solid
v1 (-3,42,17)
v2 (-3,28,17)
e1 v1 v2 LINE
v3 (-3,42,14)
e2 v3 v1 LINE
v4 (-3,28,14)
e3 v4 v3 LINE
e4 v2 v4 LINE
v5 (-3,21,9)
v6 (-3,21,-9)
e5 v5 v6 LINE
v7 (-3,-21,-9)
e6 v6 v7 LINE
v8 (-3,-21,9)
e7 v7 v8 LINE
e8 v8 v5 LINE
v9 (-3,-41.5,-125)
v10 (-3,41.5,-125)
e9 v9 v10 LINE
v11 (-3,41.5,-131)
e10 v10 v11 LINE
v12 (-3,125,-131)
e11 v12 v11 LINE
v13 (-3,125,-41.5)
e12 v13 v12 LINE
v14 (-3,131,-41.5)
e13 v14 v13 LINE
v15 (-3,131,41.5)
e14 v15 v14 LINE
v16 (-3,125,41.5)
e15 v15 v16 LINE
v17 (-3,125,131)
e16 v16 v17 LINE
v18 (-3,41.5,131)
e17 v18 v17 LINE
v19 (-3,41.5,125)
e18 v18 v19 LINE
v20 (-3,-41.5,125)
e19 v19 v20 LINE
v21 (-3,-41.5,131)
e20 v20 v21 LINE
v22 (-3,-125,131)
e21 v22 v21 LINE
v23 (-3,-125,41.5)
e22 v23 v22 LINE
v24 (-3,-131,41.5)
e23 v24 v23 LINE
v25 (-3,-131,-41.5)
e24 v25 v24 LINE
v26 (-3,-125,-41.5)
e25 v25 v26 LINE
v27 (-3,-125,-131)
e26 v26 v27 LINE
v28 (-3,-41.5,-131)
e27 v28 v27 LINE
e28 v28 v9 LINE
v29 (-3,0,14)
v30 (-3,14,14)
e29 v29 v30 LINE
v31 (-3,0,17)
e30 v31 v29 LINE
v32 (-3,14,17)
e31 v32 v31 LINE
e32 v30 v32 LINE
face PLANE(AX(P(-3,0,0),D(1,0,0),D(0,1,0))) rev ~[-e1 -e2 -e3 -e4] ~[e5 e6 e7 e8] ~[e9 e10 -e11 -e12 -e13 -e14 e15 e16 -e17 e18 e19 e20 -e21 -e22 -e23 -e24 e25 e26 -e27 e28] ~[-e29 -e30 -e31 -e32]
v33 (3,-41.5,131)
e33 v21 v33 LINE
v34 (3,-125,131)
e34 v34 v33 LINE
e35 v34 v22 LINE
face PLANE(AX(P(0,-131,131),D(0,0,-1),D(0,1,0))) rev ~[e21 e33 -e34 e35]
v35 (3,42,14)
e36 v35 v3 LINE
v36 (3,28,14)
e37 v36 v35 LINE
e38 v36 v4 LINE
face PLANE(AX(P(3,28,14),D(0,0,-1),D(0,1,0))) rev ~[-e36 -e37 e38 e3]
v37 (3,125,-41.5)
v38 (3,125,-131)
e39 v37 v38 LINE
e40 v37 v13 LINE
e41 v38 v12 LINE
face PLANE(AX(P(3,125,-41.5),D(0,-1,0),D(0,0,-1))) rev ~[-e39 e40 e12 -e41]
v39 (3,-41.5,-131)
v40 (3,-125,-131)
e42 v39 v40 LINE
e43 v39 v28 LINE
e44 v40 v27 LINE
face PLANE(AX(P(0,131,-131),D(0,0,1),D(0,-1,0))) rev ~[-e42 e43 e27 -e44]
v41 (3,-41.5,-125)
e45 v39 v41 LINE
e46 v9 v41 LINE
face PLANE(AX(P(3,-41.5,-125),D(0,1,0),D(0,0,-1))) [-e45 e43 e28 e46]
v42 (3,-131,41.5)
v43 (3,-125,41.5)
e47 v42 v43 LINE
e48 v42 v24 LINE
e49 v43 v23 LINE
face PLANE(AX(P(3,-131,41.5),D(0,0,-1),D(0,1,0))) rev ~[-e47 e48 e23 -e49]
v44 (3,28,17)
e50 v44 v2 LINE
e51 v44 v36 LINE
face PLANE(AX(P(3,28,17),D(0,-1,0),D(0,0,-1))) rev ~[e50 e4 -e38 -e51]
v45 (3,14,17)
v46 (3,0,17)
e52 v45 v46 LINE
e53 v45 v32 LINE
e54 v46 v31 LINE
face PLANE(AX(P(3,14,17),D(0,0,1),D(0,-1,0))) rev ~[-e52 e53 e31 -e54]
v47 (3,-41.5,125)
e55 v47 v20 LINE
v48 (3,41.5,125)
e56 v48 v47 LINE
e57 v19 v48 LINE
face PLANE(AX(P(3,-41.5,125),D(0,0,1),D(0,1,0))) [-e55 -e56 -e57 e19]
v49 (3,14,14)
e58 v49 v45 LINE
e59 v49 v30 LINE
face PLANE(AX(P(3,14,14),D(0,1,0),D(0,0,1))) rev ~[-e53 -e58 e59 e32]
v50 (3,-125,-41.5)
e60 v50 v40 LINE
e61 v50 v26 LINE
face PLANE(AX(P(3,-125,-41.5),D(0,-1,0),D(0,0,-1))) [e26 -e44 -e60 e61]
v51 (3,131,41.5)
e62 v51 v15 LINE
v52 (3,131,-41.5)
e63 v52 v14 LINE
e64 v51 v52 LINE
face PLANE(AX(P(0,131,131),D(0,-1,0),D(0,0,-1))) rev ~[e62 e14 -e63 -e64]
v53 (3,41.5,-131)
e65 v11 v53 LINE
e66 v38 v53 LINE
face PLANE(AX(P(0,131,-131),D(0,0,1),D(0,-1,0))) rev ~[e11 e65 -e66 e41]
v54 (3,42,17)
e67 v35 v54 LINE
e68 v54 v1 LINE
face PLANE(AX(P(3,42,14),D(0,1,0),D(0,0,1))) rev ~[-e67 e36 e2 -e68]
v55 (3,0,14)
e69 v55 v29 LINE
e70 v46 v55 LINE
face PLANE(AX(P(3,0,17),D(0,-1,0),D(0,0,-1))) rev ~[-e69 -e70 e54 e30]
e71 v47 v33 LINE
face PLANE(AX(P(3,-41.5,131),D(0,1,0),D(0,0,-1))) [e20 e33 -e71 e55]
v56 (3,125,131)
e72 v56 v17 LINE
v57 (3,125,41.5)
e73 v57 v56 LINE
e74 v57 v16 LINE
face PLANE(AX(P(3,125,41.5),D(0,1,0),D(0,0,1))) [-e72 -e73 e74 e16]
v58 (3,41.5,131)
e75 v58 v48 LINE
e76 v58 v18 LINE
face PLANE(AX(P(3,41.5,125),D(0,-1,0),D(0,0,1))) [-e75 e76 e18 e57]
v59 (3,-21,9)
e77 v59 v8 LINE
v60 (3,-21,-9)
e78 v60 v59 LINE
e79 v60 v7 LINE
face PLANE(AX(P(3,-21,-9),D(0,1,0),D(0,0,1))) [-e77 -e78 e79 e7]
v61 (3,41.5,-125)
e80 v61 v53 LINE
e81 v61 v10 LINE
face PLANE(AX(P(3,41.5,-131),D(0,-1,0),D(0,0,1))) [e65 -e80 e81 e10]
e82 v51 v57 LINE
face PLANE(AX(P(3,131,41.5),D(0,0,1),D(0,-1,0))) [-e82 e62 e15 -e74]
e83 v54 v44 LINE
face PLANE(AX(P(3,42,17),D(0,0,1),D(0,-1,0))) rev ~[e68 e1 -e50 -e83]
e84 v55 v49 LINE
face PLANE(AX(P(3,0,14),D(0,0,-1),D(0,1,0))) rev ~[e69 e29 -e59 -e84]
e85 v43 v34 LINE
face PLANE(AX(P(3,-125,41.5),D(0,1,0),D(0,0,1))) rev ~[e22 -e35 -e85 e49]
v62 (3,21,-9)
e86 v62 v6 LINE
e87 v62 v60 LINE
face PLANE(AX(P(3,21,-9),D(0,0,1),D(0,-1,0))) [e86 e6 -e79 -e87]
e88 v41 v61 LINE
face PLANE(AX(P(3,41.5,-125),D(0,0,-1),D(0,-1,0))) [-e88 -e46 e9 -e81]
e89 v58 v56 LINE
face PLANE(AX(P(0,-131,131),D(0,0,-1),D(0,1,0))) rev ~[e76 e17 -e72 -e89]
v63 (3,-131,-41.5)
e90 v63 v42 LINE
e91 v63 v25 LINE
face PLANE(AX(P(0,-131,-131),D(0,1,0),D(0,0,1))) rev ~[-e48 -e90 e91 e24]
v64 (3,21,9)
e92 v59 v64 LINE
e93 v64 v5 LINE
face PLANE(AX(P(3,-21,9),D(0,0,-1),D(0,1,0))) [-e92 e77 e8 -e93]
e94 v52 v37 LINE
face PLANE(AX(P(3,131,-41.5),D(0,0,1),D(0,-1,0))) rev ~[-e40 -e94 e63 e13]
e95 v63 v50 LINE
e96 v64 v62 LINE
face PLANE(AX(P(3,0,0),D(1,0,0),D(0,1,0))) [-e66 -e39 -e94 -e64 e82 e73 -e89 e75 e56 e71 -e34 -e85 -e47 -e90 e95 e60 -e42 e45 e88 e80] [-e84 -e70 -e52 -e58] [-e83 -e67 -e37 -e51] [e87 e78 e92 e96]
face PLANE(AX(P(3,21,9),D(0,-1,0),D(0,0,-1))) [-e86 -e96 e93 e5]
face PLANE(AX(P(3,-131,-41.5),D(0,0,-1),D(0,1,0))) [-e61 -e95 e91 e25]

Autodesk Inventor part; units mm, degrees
ref_plane "YZ Plane" through (0, 0, 0) normal (1, 0, 0) x (0, 1, 0)
ref_plane "XZ Plane" through (0, 0, 0) normal (0, 1, 0) x (-1, 0, 0)
ref_plane "XY Plane" through (0, 0, 0) normal (0, 0, 1) x (1, 0, 0)
sketch "Esboço1" plane through (0, 0, 0) normal (1, 0, 0) x (0, 1, 0)
  line L0 (-131, 131) -> (131, 131)
  line L1 (131, 131) -> (131, -131)
  line L2 (131, -131) -> (-131, -131)
  line L3 (-131, -131) -> (-131, 131)
  line L4 (-131, 131) -> (131, -131) construction
  line L5 (131, 131) -> (-131, -131) construction
  line L6 (-15, 9) -> (15, 9)
  line L7 (15, 9) -> (15, -9)
  line L8 (15, -9) -> (-15, -9)
  line L9 (-15, -9) -> (-15, 9)
  line L10 (-15, 9) -> (15, -9) construction
  line L11 (15, 9) -> (-15, -9) construction
  point P0 (0, 0)
  dimension "d0" = 262
  dimension "d1" = 262
  dimension "d35" = 30
  dimension "d36" = 18
extrude "Extrusão1" add sketch "Esboço1" along normal mid plane 6 contours L0 L1 L2 L3 | L6 L7 L8 L9
sketch "Esboço2" plane through (3, 0, 0) normal (1, 0, 0) x (0, 0, -1)
  line L0 (131, 131) -> (-131, 131) projected
  line L1 (-131, 131) -> (-41.5, 131)
  line L2 (-41.5, 131) -> (-41.5, 125)
  line L3 (-41.5, 125) -> (-131, 125)
  line L4 (-131, 125) -> (-131, 131)
  line L5 (131, 131) -> (41.5, 131)
  line L6 (41.5, 131) -> (41.5, 125)
  line L7 (41.5, 125) -> (131, 125)
  line L8 (131, 125) -> (131, 131)
  line L9 (-131, 131) -> (-131, -131) projected
  line L10 (-131, -131) -> (-41.5, -131)
  line L11 (-41.5, -131) -> (-41.5, -125)
  line L12 (-41.5, -125) -> (-131, -125)
  line L13 (-131, -125) -> (-131, -131)
  line L14 (131, -131) -> (131, 131) projected
  line L15 (131, -131) -> (41.5, -131)
  line L16 (41.5, -131) -> (41.5, -125)
  line L17 (41.5, -125) -> (131, -125)
  line L18 (131, -125) -> (131, -131)
  point P0 (0, 0)
  point P1 (131, -125)
  point P2 (-131, -125)
  point P3 (41.5, 131)
  dimension "d4" = 89.5
  dimension "d5" = 6
  dimension "d6" = 89.5
  dimension "d7" = 6
  dimension "d8" = 83
  dimension "d9" = 89.5
  dimension "d10" = 6
  dimension "d11" = 89.5
  dimension "d12" = 6
  dimension "d13" = 83
extrude "Extrusão2" cut sketch "Esboço2" along normal through all both and the other way through all
sketch "Esboço3" plane through (3, 0, 0) normal (1, 0, 0) x (0, 0, -1)
  line L0 (-125, 41.5) -> (-137, 41.5)
  line L1 (-137, 41.5) -> (-137, -41.5)
  line L2 (-137, -41.5) -> (-125, -41.5)
  line L3 (-125, -41.5) -> (-125, 41.5)
  line L4 (-131, -125) -> (-131, 125) projected
  line L5 (-125, 41.5) -> (-137, -41.5) construction
  line L6 (-137, 41.5) -> (-125, -41.5) construction
  line L7 (125, -41.5) -> (137, -41.5)
  line L8 (137, -41.5) -> (137, 41.5)
  line L9 (137, 41.5) -> (125, 41.5)
  line L10 (125, 41.5) -> (125, -41.5)
  line L11 (131, 125) -> (131, -125) projected
  line L12 (125, -41.5) -> (137, 41.5) construction
  line L13 (137, -41.5) -> (125, 41.5) construction
  line L14 (-41.5, 125) -> (-131, 125) projected
  line L15 (-131, -125) -> (-41.5, -125) projected
  line L16 (131, 125) -> (41.5, 125) projected
  line L17 (41.5, -125) -> (131, -125) projected
  point P0 (0, 0)
  point P1 (-131, 0)
  point P2 (131, 0)
  dimension "d16" = 83
  dimension "d17" = 12
  dimension "d18" = 12
  dimension "d19" = 83
  dimension "d20" = 83.5
  dimension "d21" = 83.5
  dimension "d22" = 83.5
  dimension "d23" = 83.5
extrude "Extrusão3" cut sketch "Esboço3" along normal through all both and the other way through all
sketch "Esboço7" plane through (3, 0, 0) normal (1, 0, 0) x (0, 0, -1)
  line L0 (-9, 21) -> (9, 21)
  line L1 (9, 21) -> (9, -21)
  line L2 (9, -21) -> (-9, -21)
  line L3 (-9, -21) -> (-9, 21)
  line L4 (-9, 21) -> (9, -21) construction
  line L5 (9, 21) -> (-9, -21) construction
  point P0 (0, 0)
  dimension "d37" = 18
  dimension "d38" = 42
extrude "Extrusão6" cut sketch "Esboço7" against normal through all
sketch "Esboço11" plane through (3, 0, 0) normal (1, 0, 0) x (0, 0, -1)
  line L0 (-17, 0) -> (-14, 0)
  line L1 (-14, 0) -> (-14, 14)
  line L2 (-14, 14) -> (-17, 14)
  line L3 (-17, 14) -> (-17, 0)
  line L4 (-9, -21) -> (-9, 21) projected
  line L5 (-17, 28) -> (-14, 28)
  line L6 (-14, 28) -> (-14, 42)
  line L7 (-14, 42) -> (-17, 42)
  line L8 (-17, 42) -> (-17, 28)
  point P0 (0, 0)
  dimension "d41" = 3
  dimension "d42" = 8
  dimension "d43" = 14
  dimension "d44" = 14
  dimension "d45" = 3
  dimension "d46" = 8
  dimension "d47" = 14
  dimension "d48" = 14
extrude "Extrusão7" cut sketch "Esboço11" against normal through all
properties part number "TOPO DO POÇO 6 mm (fixed)"
